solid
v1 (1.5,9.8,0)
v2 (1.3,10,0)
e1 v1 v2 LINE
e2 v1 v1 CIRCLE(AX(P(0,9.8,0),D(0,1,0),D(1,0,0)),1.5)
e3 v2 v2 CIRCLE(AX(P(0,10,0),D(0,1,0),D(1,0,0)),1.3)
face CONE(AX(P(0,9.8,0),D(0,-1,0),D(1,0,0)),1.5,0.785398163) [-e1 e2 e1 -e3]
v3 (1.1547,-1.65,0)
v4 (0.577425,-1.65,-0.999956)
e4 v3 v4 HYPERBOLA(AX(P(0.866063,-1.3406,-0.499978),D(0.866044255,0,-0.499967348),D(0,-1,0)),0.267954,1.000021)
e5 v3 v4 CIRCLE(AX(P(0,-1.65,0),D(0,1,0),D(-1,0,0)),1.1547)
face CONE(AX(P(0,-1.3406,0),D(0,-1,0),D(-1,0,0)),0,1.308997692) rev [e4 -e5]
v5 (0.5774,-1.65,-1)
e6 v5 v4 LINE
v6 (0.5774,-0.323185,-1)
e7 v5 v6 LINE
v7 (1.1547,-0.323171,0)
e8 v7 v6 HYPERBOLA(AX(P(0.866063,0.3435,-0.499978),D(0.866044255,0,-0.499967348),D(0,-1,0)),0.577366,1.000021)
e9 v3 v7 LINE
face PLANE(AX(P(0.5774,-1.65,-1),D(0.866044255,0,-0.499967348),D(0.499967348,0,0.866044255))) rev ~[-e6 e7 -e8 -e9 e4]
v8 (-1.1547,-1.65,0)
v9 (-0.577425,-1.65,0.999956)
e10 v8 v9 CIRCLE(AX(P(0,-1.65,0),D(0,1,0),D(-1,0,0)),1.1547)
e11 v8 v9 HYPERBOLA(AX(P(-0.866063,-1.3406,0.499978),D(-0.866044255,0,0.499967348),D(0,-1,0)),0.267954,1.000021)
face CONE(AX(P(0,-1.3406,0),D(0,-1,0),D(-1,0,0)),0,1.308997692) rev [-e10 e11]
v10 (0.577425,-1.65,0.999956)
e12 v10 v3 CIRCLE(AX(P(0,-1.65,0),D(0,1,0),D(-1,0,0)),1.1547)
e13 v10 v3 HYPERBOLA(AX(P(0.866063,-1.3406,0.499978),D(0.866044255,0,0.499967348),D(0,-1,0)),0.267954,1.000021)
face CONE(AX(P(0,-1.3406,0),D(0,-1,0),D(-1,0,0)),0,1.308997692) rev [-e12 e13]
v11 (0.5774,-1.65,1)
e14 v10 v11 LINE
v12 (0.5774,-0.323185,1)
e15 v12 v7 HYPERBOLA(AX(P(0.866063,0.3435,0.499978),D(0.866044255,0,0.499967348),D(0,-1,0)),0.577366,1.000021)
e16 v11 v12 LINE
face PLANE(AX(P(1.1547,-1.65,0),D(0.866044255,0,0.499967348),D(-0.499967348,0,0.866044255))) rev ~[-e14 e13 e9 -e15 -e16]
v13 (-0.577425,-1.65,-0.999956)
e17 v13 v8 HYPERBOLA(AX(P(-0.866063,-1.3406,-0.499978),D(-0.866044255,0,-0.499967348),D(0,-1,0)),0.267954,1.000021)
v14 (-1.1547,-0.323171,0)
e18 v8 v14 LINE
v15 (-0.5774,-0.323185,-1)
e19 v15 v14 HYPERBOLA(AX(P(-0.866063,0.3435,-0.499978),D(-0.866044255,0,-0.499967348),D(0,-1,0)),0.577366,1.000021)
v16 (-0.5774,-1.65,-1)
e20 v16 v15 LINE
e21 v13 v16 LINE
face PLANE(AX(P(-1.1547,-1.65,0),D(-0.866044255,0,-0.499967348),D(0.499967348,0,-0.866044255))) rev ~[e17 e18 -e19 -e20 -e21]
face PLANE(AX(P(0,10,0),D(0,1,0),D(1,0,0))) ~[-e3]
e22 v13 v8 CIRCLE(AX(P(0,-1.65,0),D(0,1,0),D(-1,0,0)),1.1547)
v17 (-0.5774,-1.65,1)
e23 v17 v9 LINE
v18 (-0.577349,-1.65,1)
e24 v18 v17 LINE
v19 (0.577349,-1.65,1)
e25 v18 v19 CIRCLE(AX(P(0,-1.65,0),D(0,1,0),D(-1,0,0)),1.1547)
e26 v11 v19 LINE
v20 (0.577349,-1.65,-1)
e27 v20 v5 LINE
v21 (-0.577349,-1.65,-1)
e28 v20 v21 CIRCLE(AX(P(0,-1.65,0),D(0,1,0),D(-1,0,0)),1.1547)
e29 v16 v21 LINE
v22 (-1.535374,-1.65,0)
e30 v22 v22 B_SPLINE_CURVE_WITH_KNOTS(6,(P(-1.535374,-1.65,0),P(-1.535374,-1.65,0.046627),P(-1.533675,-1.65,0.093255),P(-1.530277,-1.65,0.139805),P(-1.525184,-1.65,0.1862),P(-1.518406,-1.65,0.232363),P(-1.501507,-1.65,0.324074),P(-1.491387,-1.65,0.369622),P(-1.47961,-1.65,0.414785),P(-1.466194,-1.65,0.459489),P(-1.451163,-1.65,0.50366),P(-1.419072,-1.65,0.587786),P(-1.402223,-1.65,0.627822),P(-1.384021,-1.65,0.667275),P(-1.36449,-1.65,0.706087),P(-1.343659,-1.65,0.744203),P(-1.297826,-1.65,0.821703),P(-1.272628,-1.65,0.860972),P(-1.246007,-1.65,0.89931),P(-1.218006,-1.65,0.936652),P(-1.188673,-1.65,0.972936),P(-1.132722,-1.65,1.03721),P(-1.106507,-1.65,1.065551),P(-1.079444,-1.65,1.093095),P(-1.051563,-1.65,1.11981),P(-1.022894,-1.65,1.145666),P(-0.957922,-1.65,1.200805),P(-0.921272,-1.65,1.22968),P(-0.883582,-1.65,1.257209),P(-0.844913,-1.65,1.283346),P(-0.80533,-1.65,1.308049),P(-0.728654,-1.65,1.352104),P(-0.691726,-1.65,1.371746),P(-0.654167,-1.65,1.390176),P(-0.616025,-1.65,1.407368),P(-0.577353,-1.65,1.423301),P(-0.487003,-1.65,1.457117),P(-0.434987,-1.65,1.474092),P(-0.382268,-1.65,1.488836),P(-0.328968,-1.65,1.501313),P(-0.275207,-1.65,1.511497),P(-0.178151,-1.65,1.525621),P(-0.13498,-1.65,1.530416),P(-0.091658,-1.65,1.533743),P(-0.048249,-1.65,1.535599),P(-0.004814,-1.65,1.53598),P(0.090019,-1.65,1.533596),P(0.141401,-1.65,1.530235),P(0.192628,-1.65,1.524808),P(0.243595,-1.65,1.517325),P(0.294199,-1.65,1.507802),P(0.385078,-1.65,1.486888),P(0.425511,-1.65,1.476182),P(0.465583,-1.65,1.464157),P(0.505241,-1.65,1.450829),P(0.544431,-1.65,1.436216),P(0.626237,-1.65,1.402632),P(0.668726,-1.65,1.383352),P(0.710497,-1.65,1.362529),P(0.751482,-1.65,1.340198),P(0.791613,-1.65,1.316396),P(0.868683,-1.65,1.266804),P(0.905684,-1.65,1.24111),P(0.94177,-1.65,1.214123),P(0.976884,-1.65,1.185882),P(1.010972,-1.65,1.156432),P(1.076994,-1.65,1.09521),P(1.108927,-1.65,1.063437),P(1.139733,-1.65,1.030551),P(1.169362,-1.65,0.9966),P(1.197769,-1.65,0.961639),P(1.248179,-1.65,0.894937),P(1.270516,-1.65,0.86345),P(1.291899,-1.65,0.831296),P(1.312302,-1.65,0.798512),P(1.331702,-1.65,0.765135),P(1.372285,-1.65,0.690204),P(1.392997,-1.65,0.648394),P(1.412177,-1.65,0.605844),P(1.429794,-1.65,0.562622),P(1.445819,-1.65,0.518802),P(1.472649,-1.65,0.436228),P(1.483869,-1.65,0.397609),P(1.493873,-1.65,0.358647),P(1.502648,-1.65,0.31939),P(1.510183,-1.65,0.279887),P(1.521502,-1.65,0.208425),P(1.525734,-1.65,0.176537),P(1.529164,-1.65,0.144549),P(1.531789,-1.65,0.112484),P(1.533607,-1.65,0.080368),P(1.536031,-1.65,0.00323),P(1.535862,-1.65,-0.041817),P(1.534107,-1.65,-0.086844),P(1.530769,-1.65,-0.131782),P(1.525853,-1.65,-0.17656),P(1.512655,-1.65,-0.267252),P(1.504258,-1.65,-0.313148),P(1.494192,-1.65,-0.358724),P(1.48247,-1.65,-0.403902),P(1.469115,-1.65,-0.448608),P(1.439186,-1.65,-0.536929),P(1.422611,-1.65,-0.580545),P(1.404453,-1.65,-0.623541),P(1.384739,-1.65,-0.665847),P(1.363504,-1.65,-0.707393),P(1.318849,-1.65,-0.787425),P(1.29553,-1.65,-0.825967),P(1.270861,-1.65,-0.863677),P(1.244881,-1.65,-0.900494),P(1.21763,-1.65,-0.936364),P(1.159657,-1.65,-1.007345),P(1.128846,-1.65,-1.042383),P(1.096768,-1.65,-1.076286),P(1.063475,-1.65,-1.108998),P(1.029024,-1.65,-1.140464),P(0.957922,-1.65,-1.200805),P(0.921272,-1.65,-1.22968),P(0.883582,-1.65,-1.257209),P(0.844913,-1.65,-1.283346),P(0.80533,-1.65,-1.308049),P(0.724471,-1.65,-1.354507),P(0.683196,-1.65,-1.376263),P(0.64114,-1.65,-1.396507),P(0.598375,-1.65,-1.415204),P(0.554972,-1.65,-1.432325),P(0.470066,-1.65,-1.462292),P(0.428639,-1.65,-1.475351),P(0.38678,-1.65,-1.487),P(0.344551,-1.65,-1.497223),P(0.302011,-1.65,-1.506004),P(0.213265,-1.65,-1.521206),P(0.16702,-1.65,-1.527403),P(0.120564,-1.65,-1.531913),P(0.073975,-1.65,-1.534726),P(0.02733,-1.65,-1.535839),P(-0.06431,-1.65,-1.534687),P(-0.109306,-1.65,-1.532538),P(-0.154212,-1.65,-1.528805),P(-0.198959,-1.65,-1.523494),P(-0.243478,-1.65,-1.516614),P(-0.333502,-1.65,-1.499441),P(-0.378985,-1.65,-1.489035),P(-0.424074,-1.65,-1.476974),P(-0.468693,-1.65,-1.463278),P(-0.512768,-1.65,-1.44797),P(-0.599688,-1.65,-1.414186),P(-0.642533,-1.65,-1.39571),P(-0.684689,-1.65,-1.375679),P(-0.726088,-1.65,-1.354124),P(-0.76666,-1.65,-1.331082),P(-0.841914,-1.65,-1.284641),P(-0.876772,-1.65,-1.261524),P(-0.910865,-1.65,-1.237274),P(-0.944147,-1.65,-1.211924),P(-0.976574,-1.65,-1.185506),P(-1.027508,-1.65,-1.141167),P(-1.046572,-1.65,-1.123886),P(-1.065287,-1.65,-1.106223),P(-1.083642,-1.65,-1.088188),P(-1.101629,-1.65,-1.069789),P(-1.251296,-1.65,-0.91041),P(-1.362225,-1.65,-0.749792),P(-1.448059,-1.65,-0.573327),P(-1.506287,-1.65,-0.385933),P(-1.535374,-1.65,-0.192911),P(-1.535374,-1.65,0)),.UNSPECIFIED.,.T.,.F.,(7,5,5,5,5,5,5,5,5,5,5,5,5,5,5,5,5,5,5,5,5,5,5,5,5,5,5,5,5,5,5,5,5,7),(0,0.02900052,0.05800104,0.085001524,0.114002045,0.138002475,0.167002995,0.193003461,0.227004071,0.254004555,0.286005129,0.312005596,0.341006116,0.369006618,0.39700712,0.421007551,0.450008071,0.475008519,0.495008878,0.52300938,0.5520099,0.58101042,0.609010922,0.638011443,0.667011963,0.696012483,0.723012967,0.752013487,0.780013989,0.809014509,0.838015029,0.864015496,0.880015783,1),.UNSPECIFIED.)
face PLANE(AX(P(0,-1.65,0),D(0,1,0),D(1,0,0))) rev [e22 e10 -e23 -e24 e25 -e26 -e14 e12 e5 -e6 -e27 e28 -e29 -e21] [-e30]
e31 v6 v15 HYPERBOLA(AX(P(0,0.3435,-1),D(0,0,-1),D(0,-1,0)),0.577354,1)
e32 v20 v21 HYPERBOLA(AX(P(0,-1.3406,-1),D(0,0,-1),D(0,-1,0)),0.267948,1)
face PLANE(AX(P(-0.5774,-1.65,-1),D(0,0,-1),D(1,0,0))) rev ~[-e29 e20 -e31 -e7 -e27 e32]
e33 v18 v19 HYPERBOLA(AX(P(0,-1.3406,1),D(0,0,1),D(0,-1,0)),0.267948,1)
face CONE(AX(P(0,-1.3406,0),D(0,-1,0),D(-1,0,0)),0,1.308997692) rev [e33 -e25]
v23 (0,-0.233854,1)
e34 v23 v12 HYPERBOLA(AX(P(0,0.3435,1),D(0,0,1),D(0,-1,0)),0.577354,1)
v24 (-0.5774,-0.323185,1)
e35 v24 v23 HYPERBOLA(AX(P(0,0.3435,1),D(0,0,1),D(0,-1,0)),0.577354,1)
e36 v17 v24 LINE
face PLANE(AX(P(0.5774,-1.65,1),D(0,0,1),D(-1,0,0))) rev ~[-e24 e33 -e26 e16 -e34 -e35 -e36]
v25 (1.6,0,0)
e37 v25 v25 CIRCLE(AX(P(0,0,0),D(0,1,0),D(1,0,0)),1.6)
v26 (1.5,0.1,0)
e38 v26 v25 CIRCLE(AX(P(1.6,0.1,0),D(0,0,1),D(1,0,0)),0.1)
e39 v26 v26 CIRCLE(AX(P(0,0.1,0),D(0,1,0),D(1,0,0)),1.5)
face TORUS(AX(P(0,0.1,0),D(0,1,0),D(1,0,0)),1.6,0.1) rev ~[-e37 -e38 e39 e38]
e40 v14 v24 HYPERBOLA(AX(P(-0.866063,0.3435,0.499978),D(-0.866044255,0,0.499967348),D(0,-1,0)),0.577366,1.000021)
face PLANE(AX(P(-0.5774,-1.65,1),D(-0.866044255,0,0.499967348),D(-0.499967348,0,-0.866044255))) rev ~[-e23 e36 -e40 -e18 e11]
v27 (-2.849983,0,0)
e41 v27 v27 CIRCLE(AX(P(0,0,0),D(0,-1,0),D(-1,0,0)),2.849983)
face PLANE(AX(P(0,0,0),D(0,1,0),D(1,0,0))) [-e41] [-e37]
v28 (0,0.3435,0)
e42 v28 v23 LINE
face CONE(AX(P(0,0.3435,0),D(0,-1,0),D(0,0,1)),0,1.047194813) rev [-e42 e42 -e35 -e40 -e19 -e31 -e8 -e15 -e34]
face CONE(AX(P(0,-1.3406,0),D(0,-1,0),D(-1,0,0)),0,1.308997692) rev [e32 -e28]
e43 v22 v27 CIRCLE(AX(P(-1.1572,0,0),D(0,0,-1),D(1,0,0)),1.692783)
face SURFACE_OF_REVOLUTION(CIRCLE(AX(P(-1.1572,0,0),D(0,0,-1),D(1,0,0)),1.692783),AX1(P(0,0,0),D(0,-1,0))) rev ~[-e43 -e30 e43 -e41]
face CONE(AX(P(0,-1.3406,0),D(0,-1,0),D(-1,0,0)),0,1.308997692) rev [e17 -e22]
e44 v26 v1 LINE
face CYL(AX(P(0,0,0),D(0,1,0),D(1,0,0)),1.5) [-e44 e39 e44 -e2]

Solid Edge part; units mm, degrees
sketch "Sketch1" plane through (0, 0, 0) normal (0, 0, 1) x (1, 0, 0)
  line L0 (1.5, 0) -> (1.5, 10)
  line L1 (0, 10) -> (1.5, 10)
  line L2 (0, 0) -> (0, 10)
  line L3 (0, 0) -> (0, -1.65)
  line L4 (0, -1.65) -> (2.85, -1.65)
  line L5 (2.85, -1.65) -> (2.85, 0)
  line L6 (2.85, 0) -> (1.5, 0)
revolve "RevolvedProtrusion1" add sketch "Sketch1" angle 360 about axis through (0, 0, 0) along (0, 1, 0)
sketch "Sketch2" plane through (0, 0, 0) normal (1, 0, 0) x (0, 1, 0)
  line L0 (-1.65, 1.6515) -> (-0.61, 1.6515)
  line L1 (0.3435, 0) -> (-0.61, 1.6515)
  line L2 (-1.65, 0) -> (0.3435, 0)
  line L3 (-1.65, 0) -> (-1.65, 1.6515)
revolve "RevolvedCutout1" cut sketch "Sketch2" angle 360 about axis through (0, -4.5, 0) along (0, 1, 0)
sketch "Sketch3" plane through (0, -1.65, 0) normal (0, -1, 0) x (0, 0, 1)
  circle A0 centre (0, 0) radius 1.6515
  line L0 (-1, -0.5774) -> (0, -1.1547)
  line L1 (0, -1.1547) -> (1, -0.5774)
  line L2 (1, -0.5774) -> (1, 0.5774)
  line L3 (1, 0.5774) -> (0, 1.1547)
  line L4 (0, 1.1547) -> (-1, 0.5774)
  line L5 (-1, 0.5774) -> (-1, -0.5774)
  dimension "D1" = 2
extrude "Protrusion1" add sketch "Sketch3" against normal up to next
sketch "Sketch4" plane through (0, 0, 0) normal (0, 0, 1) x (1, 0, 0)
  line L0 (-1.1547, -1.65) -> (0, -1.65)
  line L1 (0, -1.65) -> (0, -1.3406)
  line L2 (0, -1.3406) -> (-1.1547, -1.65)
revolve "RevolvedCutout2" cut sketch "Sketch4" angle 360 about axis through (0, -4.5, 0) along (0, 1, 0)
fillet "Round1" radius 0.1 1 edges at (0, 0, -1.5)
chamfer "倒斜角_2" distance 0.2 angle 45 1 edges at (0, 10, -1.5)
cosmetic_thread "螺纹_3" size "M3" thread depth 9
sketch "Sketch5" plane through (0, 0, 0) normal (0, 0, 1) x (1, 0, 0)
  arc A0 (-1.5353, -1.65) -> (-2.85, 0) centre (-1.1572, 0) cw
revolve "RevolvedCutout3" cut sketch "Sketch5" angle 360 about axis through (0, 0, 0) along (0, -1, 0) material side at (-2.5202, -1.086, 0)
